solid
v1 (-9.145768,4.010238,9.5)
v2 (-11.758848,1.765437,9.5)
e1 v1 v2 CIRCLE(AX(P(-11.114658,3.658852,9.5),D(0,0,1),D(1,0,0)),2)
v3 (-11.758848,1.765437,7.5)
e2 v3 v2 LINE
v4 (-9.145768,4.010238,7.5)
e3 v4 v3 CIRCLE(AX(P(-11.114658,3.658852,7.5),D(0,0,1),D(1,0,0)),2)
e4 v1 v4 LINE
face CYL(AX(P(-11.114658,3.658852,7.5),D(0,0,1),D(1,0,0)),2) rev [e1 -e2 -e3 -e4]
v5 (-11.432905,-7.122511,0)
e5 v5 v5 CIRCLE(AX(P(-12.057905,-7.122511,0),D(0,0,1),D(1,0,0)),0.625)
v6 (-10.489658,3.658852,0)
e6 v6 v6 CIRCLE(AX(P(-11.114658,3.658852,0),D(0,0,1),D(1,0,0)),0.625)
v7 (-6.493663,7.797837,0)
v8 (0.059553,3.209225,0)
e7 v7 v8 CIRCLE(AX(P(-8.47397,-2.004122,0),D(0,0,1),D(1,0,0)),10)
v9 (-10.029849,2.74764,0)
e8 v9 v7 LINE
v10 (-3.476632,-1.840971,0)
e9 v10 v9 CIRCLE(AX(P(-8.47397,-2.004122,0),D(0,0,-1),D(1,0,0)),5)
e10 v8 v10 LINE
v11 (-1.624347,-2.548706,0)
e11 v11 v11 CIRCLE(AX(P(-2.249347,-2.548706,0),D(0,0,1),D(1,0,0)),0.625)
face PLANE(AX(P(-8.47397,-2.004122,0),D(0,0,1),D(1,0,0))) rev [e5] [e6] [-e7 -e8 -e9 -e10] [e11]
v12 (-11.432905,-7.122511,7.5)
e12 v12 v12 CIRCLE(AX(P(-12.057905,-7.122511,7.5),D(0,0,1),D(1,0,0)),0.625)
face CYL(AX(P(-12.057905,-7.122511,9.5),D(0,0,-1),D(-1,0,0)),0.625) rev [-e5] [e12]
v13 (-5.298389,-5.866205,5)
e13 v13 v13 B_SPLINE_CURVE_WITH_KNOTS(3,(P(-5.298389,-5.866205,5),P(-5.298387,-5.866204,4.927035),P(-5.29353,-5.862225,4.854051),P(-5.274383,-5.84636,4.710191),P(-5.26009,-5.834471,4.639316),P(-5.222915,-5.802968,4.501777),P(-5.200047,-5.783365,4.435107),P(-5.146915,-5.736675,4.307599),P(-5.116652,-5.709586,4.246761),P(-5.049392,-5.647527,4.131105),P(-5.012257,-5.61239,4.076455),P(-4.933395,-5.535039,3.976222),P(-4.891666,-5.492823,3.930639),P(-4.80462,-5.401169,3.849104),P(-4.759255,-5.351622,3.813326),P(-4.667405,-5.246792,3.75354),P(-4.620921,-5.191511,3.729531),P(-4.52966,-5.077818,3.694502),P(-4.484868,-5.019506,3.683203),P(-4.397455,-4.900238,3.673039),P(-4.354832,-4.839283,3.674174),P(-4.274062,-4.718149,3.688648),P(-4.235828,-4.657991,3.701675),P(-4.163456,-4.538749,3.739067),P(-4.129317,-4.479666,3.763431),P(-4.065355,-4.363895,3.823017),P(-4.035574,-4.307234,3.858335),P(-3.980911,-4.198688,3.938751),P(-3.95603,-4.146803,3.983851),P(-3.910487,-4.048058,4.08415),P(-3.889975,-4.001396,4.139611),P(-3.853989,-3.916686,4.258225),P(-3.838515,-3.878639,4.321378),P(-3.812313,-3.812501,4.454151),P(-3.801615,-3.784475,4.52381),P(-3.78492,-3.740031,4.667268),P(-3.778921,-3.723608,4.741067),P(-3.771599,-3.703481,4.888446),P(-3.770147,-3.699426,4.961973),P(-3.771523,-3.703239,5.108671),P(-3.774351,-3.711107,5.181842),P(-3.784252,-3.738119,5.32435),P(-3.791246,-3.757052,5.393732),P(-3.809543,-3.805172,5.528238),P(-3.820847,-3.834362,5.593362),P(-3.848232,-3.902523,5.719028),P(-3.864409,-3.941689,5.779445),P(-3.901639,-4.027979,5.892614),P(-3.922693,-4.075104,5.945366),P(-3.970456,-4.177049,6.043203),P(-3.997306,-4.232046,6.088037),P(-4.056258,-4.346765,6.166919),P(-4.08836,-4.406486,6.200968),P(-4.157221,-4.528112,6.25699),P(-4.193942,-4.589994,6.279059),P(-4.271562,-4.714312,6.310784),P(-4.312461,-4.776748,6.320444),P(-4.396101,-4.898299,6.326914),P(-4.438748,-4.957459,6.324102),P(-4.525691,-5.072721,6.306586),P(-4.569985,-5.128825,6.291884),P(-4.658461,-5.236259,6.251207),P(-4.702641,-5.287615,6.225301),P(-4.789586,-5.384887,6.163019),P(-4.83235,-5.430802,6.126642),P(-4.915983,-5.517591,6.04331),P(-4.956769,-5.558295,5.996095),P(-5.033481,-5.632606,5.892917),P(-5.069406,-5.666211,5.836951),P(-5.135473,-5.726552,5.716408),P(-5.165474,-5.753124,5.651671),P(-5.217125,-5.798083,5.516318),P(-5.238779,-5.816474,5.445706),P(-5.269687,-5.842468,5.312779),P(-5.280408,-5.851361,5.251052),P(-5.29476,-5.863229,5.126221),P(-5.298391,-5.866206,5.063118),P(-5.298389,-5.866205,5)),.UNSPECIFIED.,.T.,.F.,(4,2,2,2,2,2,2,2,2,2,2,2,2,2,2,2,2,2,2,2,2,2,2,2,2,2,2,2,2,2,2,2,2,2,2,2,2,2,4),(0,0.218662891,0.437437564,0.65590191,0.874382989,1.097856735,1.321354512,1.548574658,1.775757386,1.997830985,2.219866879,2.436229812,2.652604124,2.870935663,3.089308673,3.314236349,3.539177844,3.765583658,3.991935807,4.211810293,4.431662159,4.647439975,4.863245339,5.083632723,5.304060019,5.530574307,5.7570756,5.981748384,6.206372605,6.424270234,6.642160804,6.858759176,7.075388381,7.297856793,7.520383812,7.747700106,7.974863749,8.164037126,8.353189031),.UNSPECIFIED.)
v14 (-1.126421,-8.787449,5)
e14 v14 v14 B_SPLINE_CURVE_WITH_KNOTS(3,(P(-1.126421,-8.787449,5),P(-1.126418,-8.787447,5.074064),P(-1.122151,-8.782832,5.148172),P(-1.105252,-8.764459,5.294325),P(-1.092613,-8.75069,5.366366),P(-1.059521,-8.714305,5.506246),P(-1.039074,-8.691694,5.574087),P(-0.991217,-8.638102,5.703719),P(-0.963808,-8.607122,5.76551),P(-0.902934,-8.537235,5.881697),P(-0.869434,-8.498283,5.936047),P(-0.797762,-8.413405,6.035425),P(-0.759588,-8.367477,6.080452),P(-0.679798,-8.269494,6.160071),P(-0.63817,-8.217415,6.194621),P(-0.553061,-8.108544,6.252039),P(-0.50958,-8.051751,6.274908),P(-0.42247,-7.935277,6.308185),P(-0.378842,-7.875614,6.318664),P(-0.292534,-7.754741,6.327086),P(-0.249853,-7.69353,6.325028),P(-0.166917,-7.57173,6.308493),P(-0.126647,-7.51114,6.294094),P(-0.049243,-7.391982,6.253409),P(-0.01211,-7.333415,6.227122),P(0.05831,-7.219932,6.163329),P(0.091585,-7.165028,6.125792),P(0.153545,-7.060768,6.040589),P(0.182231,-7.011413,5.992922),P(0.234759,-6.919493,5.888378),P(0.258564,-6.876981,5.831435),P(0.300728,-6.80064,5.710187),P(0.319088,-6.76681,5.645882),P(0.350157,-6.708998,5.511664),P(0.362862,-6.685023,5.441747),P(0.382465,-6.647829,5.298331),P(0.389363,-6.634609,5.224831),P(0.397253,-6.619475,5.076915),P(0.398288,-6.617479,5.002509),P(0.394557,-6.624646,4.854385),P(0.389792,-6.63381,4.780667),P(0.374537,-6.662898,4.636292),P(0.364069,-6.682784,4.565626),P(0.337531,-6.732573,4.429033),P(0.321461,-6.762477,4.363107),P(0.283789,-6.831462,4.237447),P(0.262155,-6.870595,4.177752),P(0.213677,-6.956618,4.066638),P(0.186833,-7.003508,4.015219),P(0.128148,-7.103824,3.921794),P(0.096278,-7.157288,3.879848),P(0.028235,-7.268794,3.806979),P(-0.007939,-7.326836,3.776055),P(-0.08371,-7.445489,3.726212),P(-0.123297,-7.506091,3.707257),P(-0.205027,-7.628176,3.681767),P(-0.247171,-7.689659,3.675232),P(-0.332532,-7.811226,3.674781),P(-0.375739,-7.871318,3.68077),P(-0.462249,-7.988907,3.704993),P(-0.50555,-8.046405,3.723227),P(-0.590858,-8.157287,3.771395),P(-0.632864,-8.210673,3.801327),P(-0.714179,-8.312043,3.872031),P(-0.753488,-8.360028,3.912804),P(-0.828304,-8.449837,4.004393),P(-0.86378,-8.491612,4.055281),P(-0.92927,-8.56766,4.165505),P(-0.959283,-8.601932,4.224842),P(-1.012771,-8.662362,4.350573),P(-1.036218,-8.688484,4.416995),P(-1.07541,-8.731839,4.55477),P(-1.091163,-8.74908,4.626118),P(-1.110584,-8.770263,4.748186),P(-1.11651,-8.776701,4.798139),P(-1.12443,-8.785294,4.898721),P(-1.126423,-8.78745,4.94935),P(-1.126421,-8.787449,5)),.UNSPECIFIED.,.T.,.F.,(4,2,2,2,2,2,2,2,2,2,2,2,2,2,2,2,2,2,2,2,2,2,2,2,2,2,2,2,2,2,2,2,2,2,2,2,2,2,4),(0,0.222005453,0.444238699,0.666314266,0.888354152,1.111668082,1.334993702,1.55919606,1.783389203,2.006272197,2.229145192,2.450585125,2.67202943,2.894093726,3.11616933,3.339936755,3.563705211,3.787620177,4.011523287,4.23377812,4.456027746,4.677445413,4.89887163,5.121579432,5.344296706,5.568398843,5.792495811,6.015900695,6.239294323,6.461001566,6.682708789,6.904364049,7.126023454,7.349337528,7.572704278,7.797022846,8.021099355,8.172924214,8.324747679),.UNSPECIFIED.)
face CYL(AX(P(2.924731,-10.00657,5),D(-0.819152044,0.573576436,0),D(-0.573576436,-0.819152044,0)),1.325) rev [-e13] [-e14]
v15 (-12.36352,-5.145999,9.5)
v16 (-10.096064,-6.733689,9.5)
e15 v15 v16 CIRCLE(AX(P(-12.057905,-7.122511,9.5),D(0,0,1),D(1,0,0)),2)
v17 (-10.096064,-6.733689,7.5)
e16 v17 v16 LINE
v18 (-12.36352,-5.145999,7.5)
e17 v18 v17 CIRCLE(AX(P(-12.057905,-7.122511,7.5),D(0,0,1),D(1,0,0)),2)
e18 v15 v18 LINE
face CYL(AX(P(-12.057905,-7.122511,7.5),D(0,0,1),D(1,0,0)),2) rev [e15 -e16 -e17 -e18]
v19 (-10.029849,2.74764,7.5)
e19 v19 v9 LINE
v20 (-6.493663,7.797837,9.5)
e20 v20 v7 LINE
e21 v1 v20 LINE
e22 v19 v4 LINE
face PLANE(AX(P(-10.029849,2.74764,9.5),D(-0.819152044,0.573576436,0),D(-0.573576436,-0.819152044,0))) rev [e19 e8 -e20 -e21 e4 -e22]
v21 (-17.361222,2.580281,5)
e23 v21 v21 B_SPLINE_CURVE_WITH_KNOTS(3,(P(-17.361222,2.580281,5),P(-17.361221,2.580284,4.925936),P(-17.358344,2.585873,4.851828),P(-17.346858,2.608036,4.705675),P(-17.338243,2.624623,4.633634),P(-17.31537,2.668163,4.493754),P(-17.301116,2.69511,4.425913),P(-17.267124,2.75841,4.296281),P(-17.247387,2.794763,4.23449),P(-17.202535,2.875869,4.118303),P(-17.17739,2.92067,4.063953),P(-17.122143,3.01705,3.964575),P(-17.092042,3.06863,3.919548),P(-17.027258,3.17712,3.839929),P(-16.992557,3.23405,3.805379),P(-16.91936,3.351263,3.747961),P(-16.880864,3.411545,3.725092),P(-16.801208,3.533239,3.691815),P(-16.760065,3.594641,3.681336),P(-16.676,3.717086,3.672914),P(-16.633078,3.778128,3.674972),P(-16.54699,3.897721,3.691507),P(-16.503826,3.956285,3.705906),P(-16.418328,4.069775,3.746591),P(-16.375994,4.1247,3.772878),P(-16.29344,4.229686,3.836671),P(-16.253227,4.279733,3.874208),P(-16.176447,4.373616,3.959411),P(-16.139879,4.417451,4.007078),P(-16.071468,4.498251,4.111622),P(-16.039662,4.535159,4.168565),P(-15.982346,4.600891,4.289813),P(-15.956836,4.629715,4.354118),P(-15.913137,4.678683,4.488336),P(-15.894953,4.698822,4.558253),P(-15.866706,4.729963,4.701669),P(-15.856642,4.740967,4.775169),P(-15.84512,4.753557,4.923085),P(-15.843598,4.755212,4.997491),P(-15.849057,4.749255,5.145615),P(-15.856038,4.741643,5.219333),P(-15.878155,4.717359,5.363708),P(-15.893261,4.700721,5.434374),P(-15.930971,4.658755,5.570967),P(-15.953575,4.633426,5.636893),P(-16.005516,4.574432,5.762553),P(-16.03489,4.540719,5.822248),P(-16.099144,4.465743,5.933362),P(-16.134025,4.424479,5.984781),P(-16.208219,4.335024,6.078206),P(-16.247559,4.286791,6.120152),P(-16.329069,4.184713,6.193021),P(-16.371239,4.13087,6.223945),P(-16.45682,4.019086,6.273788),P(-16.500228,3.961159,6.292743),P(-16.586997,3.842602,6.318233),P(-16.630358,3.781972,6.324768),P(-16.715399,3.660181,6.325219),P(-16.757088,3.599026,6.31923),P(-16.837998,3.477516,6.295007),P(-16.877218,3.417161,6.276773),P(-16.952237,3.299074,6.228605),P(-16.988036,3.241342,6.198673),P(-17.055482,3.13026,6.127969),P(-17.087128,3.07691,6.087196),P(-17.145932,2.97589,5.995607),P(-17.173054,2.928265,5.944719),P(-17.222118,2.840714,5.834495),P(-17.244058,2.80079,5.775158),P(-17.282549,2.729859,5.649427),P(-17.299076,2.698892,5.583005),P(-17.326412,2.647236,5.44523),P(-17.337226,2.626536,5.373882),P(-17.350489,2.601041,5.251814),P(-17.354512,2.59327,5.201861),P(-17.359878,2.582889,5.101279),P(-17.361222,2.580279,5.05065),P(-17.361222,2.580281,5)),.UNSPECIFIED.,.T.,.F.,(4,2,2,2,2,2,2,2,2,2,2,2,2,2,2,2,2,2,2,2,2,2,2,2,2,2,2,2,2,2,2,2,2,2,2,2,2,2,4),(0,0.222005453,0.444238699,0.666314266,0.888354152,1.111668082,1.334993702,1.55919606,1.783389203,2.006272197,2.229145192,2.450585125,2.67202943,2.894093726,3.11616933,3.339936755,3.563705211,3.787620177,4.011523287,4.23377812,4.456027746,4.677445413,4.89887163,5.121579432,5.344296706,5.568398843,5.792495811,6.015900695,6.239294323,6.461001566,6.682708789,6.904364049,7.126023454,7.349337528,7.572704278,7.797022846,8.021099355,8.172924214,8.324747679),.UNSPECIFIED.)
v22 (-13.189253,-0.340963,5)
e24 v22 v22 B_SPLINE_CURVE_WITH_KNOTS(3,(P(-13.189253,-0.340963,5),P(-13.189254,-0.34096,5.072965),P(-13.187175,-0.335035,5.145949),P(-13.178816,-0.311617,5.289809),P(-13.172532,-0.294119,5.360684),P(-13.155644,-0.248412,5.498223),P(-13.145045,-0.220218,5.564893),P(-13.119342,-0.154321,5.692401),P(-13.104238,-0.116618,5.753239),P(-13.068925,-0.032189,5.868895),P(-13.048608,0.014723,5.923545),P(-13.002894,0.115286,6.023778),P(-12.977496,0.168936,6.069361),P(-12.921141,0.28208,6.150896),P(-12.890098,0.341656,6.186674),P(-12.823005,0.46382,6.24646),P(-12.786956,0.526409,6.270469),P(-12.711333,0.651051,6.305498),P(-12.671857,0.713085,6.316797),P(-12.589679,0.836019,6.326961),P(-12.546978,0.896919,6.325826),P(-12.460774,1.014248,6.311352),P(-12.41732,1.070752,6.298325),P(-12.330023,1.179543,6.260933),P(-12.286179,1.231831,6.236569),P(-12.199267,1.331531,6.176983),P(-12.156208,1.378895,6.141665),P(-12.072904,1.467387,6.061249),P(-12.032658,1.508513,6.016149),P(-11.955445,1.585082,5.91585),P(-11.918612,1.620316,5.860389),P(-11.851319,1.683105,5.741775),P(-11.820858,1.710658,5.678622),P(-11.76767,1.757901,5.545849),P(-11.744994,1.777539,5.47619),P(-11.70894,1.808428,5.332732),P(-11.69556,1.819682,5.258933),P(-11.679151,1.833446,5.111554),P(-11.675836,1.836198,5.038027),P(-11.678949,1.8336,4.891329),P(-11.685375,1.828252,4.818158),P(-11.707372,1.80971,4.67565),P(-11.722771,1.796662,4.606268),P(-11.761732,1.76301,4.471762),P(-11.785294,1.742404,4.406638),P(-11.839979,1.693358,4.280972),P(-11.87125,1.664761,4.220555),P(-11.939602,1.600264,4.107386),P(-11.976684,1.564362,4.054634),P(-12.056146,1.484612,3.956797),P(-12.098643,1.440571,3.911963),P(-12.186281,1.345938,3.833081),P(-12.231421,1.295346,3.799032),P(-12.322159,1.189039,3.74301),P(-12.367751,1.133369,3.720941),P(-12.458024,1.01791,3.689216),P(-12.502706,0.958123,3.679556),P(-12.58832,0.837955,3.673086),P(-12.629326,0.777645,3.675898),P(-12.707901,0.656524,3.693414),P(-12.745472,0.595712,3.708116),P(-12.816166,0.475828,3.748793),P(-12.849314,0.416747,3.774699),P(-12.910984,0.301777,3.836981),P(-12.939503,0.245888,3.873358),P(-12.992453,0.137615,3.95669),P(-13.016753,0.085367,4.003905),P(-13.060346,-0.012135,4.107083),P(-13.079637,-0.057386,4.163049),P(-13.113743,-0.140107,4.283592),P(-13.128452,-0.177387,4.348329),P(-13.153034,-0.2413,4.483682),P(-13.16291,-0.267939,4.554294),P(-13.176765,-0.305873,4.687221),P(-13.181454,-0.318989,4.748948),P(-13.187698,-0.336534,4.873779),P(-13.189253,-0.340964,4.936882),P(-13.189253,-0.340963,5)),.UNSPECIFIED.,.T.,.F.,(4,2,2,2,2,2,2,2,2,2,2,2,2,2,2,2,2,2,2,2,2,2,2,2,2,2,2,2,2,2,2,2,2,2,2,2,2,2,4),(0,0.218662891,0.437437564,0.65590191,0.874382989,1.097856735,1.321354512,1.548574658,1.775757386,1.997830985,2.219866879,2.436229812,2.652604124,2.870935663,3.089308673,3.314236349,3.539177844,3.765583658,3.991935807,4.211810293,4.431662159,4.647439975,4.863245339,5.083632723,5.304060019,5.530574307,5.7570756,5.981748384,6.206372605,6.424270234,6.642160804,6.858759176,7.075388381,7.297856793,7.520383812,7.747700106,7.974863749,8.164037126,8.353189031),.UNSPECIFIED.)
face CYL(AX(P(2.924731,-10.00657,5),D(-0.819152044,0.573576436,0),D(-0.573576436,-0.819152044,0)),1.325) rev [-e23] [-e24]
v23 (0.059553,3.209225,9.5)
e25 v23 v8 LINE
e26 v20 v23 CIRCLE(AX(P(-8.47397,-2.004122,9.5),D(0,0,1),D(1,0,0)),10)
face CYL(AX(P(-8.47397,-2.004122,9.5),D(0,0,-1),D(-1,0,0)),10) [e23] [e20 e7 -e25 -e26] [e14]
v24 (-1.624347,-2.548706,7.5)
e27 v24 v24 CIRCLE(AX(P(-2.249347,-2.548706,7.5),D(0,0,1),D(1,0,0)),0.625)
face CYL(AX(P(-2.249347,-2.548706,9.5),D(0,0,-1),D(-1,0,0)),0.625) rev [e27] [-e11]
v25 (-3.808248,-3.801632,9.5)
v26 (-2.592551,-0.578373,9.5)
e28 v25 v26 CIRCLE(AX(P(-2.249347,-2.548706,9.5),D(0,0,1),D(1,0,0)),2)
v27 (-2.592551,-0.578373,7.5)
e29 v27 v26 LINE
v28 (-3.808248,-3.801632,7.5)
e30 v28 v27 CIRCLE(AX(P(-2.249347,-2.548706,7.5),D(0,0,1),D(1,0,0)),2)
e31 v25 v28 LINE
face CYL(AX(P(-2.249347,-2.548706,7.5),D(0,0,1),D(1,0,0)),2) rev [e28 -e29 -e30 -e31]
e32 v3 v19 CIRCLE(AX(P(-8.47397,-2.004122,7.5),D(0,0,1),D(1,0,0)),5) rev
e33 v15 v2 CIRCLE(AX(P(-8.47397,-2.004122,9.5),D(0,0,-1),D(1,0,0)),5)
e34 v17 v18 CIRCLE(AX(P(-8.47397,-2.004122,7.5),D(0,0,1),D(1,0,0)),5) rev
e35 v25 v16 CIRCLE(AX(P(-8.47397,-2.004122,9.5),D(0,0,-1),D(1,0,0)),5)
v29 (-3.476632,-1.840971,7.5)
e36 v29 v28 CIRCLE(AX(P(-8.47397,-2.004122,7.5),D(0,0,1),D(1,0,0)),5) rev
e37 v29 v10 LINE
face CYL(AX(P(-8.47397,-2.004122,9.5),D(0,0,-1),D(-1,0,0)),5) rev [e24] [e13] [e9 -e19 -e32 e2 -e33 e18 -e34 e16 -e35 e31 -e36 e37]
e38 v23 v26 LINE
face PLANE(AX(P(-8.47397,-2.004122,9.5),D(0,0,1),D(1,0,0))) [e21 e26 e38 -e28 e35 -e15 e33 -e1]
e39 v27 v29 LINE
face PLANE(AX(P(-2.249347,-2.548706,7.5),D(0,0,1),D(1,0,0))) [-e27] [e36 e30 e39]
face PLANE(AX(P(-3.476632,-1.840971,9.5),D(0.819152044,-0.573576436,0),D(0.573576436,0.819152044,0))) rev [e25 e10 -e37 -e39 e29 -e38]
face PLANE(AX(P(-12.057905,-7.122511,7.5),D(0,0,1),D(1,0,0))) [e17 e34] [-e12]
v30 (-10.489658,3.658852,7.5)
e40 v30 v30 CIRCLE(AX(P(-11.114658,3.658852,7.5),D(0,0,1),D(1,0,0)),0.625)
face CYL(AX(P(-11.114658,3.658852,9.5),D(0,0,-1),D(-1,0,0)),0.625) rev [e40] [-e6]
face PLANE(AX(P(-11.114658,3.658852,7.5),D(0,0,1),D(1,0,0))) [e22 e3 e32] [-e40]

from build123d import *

# Parameters (mm, degrees)
SKETCH1_R               = 0.625
BOSS_EXTRUDE1_DEPTH     = 9.5
CUT_EXTRUDE1_DEPTH      = 28.258192056
CUT_EXTRUDE1_DEPTH_BACK = 28.258192056
SKETCH3_R               = 1.325
CUT_EXTRUDE2_START      = -9.5
SKETCH6_R               = 2
CUT_EXTRUDE2_DEPTH      = 2


with BuildPart() as part:
    # Sketch1 → Boss-Extrude1 (new body)
    with BuildSketch(Plane.XY):
        with BuildLine():
            Line((-10.029848506, 2.747640173), (-6.493662943, 7.797836537))
            ThreePointArc((-6.493662943, 7.797836537), (-14.209734002, -10.195642148), (0.059553412, 3.209225046))
            Line((0.059553412, 3.209225046), (-3.476632152, -1.840971318))
            ThreePointArc((-3.476632152, -1.840971318), (-11.34185182, -6.099881927), (-10.029848506, 2.747640173))
        make_face()
        with Locations((-11.114657585, 3.658851871)):
            Circle(SKETCH1_R, mode=Mode.SUBTRACT)
        with Locations((-2.249346687, -2.548705649)):
            Circle(SKETCH1_R, mode=Mode.SUBTRACT)
        with Locations((-12.057904643, -7.122511339)):
            Circle(SKETCH1_R, mode=Mode.SUBTRACT)
    extrude(amount=BOSS_EXTRUDE1_DEPTH)

    # Sketch3 → Cut-Extrude1 (cut, two sides: drawn at the far end of the back side and taken through both)
    with BuildSketch(Plane(origin=(-12.936010228, 9.057891876, 0), x_dir=(0, 0, 1), z_dir=(-0.8191520442889951, 0.5735764363510415, 0)).offset(-CUT_EXTRUDE1_DEPTH_BACK)):
        with Locations(Location((5, -6.519345212, 0), (0, 0, 270))):
            Circle(SKETCH3_R)
    extrude(amount=CUT_EXTRUDE1_DEPTH + CUT_EXTRUDE1_DEPTH_BACK, mode=Mode.SUBTRACT)

    # Sketch6 → Cut-Extrude2 (cut)
    with BuildSketch(Plane(origin=(0, 0, 0), x_dir=(-1, 0, 0), z_dir=(0, 0, -1)).offset(CUT_EXTRUDE2_START)):
        with Locations((11.114657585, 3.658851871)):
            Circle(SKETCH6_R)
        with Locations((12.057904643, -7.122511339)):
            Circle(SKETCH6_R)
        with Locations((2.249346687, -2.548705649)):
            Circle(SKETCH6_R)
    extrude(amount=CUT_EXTRUDE2_DEPTH, mode=Mode.SUBTRACT)


solid = part.part
